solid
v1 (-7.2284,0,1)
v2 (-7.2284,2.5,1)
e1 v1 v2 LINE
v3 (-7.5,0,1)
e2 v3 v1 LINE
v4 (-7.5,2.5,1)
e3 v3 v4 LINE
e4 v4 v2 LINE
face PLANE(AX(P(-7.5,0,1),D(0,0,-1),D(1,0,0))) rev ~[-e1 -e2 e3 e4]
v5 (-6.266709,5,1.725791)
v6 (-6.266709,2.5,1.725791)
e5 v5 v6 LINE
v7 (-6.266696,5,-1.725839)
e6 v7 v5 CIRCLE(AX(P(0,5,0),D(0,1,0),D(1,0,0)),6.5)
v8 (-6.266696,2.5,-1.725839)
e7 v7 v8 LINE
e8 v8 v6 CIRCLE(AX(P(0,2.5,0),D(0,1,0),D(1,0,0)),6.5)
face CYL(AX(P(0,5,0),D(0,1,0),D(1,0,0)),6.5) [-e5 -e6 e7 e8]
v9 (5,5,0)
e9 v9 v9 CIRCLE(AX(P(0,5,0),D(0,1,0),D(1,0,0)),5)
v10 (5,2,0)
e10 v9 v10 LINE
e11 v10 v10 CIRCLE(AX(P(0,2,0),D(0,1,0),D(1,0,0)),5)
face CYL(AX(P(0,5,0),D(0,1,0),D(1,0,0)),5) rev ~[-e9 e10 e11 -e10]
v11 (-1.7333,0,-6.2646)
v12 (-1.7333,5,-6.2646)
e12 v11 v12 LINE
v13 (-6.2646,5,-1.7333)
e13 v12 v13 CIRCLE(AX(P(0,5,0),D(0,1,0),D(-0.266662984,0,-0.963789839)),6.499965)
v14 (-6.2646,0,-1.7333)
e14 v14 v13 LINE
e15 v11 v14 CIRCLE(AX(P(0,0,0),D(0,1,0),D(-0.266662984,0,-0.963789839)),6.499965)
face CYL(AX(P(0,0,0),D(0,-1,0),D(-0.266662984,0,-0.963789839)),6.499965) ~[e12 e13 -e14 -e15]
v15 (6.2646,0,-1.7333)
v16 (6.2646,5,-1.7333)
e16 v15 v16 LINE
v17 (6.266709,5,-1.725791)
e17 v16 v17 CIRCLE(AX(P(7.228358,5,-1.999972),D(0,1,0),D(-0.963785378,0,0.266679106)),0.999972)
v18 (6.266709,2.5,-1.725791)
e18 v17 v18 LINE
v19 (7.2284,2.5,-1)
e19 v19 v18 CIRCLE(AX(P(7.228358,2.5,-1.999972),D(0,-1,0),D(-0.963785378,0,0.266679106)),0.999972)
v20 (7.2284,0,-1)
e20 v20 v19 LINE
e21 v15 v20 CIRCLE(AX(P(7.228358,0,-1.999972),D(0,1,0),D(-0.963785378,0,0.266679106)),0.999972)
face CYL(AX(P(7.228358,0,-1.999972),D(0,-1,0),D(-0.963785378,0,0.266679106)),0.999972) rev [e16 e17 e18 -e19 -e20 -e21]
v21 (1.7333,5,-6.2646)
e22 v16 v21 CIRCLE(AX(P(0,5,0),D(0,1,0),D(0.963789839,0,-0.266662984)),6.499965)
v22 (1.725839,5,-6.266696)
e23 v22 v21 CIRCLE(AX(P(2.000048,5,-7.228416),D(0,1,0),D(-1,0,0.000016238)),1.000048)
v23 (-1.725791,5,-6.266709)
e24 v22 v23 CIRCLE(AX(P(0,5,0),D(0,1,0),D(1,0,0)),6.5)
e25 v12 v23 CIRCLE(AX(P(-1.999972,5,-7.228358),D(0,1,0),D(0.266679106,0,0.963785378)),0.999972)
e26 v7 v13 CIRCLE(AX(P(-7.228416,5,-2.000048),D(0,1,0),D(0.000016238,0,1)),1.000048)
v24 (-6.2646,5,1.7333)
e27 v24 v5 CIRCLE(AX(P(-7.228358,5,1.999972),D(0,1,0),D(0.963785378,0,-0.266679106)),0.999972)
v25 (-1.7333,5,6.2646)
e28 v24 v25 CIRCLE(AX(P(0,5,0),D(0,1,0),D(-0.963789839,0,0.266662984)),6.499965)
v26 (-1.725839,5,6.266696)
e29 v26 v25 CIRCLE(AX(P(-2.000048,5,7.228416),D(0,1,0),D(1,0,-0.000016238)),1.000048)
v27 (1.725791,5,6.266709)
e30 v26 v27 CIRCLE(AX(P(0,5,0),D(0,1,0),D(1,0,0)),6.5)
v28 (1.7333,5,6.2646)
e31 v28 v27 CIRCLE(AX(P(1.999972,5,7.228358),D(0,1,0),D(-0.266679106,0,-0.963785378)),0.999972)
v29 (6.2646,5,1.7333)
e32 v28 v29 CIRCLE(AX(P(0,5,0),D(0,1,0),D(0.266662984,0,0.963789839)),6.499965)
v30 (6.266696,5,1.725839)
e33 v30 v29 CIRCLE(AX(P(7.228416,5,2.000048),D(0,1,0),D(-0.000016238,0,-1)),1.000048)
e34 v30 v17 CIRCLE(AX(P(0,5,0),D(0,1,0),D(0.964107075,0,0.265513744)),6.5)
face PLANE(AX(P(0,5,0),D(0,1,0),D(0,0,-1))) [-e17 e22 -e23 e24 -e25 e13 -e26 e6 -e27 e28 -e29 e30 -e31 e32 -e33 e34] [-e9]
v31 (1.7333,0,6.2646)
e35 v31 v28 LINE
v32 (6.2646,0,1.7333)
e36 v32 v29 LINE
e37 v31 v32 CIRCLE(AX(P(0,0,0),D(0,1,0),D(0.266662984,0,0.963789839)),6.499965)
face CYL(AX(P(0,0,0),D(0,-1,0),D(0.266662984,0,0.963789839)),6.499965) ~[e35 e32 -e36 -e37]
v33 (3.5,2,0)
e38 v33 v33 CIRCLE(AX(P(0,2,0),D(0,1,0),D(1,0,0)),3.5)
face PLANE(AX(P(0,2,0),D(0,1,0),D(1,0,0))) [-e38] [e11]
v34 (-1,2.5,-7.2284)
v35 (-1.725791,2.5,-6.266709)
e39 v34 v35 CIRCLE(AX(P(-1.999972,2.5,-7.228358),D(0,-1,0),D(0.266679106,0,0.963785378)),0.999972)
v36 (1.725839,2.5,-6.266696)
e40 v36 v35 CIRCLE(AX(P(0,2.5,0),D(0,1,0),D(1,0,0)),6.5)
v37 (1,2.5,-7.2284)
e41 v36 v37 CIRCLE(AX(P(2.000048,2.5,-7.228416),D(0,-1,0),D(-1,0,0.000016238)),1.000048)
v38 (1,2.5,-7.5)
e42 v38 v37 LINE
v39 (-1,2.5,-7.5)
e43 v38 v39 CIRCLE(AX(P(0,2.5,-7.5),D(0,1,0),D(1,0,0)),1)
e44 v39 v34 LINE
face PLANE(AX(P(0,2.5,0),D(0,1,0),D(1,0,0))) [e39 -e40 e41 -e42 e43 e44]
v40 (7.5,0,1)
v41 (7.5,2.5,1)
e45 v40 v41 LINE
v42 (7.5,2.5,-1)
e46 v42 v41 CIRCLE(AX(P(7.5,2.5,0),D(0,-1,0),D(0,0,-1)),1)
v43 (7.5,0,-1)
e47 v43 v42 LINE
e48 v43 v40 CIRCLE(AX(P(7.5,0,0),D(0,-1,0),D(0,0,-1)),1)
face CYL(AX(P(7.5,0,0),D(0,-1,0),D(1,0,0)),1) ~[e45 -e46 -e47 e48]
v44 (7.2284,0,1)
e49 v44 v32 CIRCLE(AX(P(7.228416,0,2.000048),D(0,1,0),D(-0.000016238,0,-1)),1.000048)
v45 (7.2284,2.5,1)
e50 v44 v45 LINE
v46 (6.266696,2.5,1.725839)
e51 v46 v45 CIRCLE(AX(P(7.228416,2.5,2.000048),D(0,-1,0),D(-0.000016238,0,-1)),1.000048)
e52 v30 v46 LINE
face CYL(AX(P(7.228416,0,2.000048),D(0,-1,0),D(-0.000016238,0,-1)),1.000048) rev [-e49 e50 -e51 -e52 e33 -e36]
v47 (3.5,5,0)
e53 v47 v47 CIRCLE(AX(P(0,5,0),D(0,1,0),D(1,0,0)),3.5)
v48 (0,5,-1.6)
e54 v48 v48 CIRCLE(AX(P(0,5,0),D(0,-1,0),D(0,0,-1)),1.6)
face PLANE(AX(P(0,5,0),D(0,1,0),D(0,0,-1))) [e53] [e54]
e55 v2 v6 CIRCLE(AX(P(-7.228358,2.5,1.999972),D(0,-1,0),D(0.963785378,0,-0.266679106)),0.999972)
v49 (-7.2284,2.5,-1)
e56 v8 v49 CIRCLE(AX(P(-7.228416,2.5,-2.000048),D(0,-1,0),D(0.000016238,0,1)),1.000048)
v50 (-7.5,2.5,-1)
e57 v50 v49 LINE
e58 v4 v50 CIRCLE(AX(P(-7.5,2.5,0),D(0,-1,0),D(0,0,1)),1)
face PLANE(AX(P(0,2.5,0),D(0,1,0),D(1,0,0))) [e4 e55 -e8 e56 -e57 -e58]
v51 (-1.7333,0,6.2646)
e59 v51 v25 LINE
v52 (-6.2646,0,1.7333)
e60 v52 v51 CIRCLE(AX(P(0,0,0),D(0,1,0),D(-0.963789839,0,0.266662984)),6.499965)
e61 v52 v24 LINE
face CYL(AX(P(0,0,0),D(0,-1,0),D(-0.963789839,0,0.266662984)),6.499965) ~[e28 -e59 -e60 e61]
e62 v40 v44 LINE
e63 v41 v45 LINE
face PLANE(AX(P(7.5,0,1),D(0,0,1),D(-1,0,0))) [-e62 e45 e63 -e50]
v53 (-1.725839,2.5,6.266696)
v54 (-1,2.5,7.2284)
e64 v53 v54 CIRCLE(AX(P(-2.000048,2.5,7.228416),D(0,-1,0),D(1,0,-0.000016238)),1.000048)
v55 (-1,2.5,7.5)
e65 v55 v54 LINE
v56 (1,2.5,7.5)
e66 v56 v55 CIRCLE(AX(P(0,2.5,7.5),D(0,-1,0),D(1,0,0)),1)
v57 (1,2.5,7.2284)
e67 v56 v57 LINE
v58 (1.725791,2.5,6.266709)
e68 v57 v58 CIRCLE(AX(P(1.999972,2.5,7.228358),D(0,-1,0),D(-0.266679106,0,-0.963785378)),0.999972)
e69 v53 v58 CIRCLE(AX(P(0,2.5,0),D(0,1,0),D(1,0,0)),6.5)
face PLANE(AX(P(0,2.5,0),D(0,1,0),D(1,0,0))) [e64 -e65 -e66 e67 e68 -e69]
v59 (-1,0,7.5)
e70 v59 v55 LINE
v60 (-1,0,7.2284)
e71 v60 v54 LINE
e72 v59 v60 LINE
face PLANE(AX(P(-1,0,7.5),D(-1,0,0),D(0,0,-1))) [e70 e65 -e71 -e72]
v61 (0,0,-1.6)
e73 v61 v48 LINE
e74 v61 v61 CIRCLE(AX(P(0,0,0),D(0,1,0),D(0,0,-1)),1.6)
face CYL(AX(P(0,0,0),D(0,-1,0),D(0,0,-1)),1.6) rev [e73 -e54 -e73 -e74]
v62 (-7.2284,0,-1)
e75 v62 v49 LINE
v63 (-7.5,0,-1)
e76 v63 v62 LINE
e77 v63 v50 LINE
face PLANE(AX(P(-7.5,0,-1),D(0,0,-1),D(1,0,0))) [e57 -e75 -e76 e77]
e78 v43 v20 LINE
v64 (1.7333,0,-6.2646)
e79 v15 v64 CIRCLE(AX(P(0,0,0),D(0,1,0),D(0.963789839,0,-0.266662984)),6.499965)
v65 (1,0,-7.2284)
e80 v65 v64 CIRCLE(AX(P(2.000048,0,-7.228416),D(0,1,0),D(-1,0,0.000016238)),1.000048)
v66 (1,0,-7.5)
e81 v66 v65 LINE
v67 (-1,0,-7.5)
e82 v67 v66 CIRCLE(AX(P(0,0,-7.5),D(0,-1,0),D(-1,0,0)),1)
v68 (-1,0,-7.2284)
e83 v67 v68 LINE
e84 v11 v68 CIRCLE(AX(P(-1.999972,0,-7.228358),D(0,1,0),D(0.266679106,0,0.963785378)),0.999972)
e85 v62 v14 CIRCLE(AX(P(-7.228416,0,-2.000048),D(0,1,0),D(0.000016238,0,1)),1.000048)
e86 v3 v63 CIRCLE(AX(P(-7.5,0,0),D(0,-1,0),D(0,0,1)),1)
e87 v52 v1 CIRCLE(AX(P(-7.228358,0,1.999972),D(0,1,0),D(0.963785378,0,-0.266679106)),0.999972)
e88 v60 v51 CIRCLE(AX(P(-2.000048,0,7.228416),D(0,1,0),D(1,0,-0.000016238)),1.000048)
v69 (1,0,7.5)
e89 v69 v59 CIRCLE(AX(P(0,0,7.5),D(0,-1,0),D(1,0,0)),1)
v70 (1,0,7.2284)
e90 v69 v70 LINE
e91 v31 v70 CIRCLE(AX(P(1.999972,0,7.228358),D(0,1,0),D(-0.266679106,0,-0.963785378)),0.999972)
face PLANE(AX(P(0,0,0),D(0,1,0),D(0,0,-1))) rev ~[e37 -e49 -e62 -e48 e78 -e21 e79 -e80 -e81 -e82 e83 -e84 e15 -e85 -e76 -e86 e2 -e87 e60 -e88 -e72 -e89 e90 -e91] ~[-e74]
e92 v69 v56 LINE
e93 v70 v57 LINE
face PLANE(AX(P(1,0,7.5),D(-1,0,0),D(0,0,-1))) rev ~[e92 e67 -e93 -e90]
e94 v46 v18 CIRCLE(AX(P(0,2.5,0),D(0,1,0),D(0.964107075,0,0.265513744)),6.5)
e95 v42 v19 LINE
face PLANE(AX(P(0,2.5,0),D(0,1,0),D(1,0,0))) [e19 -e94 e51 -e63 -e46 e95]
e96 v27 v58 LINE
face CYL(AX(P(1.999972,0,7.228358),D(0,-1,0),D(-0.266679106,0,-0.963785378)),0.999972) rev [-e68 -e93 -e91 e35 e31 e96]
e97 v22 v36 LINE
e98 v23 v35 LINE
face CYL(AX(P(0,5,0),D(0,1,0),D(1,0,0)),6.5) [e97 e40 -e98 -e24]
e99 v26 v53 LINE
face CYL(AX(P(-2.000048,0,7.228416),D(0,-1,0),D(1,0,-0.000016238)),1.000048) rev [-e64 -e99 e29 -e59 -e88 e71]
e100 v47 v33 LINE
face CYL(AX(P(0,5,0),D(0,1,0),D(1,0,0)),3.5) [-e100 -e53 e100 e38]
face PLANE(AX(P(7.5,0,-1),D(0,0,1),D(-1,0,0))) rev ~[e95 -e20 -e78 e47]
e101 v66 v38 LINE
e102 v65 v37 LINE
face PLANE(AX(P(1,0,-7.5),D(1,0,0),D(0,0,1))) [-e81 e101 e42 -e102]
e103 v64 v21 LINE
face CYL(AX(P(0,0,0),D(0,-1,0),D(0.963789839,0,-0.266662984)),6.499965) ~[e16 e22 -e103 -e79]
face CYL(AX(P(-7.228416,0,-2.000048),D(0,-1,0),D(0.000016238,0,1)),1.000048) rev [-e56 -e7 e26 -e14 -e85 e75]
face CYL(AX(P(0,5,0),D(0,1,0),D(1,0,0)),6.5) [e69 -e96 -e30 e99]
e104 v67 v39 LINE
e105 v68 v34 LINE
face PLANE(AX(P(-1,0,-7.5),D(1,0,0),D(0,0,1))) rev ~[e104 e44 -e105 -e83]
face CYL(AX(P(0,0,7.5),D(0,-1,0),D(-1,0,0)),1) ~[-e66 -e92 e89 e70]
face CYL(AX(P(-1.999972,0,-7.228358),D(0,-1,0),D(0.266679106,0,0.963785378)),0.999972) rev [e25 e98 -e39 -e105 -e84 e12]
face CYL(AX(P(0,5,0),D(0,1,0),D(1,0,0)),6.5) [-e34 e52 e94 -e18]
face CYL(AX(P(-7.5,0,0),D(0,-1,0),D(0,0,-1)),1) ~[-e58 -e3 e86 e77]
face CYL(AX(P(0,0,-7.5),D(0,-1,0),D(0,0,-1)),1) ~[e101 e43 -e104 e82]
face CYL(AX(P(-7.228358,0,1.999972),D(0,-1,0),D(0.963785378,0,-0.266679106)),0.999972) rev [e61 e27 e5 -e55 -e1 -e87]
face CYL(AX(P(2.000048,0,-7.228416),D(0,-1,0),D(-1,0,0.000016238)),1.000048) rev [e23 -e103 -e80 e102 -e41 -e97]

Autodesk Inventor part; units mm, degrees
ref_plane "YZ Plane" through (0, 0, 0) normal (1, 0, 0) x (0, 1, 0)
ref_plane "XZ Plane" through (0, 0, 0) normal (0, 1, 0) x (-1, 0, 0)
ref_plane "XY Plane" through (0, 0, 0) normal (0, 0, 1) x (1, 0, 0)
sketch "スケッチ1" plane through (0, 0, 0) normal (0, 1, 0) x (-1, 0, 0)
  arc A0 (6.2646, 1.7333) -> (1.7333, 6.2646) centre (0, 0) ccw
  arc A1 (1, 7.5) -> (0, 8.5) centre (0, 7.5) ccw
  line L0 (1, 7.5) -> (1, 7.2284)
  line L1 (0, 1.6) -> (0, 7.5)
  line L2 (0, 7.5) -> (0, 8.5)
  line L3 (1.6, 0) -> (7.5, 0)
  line L4 (7.5, 0) -> (8.5, 0)
  arc A2 (8.5, 0) -> (7.5, 1) centre (7.5, 0) ccw
  line L5 (7.5, 1) -> (7.2284, 1)
  arc A3 (7.5, 0) -> (0, 7.5) centre (0, 0) ccw construction
  arc A4 (1, 7.2284) -> (1.7333, 6.2646) centre (2, 7.2284) ccw
  arc A5 (6.2646, 1.7333) -> (7.2284, 1) centre (7.2284, 2) ccw
  arc A6 (1.6, 0) -> (0, 1.6) centre (0, 0) ccw
  point P0 (6.4226, 1)
  point P1 (1, 6.4226)
  dimension "d0" = 1
  dimension "d1" = 6.5
  dimension "d2" = 1
  dimension "d4" = 7.5
  dimension "d18" = 1.6
extrude "押し出し1" add sketch "スケッチ1" along normal blind 5
pattern_circular "円形状パターン1" count 4 over 360 about axis through (0, -10, 0) along (0, 1, 0) of "押し出し1"
sketch "スケッチ2" plane through (0, 5, 0) normal (0, 1, 0) x (1, 0, 0)
  circle A0 centre (0, 0) radius 5
  circle A1 centre (0, 0) radius 3.5
  dimension "d10" = 1.5
  dimension "d11" = 10
extrude "押し出し3" cut sketch "スケッチ2" against normal blind 3
sketch "スケッチ3" plane through (0, 5, 0) normal (0, 1, 0) x (1, 0, 0)
  circle A0 centre (0, 0) radius 8.5
  arc A1 (-6.2646, -1.7333) -> (-1.7333, -6.2646) centre (0, 0) ccw construction
  circle A2 centre (0, 0) radius 6.5
  arc A3 (-1, -7.5) -> (1, -7.5) centre (0, -7.5) ccw construction
extrude "押し出し4" cut sketch "スケッチ3" against normal blind 2.5
properties part number "16_021_COUPLER_BASE_R1" material "ABS プラスチック"
